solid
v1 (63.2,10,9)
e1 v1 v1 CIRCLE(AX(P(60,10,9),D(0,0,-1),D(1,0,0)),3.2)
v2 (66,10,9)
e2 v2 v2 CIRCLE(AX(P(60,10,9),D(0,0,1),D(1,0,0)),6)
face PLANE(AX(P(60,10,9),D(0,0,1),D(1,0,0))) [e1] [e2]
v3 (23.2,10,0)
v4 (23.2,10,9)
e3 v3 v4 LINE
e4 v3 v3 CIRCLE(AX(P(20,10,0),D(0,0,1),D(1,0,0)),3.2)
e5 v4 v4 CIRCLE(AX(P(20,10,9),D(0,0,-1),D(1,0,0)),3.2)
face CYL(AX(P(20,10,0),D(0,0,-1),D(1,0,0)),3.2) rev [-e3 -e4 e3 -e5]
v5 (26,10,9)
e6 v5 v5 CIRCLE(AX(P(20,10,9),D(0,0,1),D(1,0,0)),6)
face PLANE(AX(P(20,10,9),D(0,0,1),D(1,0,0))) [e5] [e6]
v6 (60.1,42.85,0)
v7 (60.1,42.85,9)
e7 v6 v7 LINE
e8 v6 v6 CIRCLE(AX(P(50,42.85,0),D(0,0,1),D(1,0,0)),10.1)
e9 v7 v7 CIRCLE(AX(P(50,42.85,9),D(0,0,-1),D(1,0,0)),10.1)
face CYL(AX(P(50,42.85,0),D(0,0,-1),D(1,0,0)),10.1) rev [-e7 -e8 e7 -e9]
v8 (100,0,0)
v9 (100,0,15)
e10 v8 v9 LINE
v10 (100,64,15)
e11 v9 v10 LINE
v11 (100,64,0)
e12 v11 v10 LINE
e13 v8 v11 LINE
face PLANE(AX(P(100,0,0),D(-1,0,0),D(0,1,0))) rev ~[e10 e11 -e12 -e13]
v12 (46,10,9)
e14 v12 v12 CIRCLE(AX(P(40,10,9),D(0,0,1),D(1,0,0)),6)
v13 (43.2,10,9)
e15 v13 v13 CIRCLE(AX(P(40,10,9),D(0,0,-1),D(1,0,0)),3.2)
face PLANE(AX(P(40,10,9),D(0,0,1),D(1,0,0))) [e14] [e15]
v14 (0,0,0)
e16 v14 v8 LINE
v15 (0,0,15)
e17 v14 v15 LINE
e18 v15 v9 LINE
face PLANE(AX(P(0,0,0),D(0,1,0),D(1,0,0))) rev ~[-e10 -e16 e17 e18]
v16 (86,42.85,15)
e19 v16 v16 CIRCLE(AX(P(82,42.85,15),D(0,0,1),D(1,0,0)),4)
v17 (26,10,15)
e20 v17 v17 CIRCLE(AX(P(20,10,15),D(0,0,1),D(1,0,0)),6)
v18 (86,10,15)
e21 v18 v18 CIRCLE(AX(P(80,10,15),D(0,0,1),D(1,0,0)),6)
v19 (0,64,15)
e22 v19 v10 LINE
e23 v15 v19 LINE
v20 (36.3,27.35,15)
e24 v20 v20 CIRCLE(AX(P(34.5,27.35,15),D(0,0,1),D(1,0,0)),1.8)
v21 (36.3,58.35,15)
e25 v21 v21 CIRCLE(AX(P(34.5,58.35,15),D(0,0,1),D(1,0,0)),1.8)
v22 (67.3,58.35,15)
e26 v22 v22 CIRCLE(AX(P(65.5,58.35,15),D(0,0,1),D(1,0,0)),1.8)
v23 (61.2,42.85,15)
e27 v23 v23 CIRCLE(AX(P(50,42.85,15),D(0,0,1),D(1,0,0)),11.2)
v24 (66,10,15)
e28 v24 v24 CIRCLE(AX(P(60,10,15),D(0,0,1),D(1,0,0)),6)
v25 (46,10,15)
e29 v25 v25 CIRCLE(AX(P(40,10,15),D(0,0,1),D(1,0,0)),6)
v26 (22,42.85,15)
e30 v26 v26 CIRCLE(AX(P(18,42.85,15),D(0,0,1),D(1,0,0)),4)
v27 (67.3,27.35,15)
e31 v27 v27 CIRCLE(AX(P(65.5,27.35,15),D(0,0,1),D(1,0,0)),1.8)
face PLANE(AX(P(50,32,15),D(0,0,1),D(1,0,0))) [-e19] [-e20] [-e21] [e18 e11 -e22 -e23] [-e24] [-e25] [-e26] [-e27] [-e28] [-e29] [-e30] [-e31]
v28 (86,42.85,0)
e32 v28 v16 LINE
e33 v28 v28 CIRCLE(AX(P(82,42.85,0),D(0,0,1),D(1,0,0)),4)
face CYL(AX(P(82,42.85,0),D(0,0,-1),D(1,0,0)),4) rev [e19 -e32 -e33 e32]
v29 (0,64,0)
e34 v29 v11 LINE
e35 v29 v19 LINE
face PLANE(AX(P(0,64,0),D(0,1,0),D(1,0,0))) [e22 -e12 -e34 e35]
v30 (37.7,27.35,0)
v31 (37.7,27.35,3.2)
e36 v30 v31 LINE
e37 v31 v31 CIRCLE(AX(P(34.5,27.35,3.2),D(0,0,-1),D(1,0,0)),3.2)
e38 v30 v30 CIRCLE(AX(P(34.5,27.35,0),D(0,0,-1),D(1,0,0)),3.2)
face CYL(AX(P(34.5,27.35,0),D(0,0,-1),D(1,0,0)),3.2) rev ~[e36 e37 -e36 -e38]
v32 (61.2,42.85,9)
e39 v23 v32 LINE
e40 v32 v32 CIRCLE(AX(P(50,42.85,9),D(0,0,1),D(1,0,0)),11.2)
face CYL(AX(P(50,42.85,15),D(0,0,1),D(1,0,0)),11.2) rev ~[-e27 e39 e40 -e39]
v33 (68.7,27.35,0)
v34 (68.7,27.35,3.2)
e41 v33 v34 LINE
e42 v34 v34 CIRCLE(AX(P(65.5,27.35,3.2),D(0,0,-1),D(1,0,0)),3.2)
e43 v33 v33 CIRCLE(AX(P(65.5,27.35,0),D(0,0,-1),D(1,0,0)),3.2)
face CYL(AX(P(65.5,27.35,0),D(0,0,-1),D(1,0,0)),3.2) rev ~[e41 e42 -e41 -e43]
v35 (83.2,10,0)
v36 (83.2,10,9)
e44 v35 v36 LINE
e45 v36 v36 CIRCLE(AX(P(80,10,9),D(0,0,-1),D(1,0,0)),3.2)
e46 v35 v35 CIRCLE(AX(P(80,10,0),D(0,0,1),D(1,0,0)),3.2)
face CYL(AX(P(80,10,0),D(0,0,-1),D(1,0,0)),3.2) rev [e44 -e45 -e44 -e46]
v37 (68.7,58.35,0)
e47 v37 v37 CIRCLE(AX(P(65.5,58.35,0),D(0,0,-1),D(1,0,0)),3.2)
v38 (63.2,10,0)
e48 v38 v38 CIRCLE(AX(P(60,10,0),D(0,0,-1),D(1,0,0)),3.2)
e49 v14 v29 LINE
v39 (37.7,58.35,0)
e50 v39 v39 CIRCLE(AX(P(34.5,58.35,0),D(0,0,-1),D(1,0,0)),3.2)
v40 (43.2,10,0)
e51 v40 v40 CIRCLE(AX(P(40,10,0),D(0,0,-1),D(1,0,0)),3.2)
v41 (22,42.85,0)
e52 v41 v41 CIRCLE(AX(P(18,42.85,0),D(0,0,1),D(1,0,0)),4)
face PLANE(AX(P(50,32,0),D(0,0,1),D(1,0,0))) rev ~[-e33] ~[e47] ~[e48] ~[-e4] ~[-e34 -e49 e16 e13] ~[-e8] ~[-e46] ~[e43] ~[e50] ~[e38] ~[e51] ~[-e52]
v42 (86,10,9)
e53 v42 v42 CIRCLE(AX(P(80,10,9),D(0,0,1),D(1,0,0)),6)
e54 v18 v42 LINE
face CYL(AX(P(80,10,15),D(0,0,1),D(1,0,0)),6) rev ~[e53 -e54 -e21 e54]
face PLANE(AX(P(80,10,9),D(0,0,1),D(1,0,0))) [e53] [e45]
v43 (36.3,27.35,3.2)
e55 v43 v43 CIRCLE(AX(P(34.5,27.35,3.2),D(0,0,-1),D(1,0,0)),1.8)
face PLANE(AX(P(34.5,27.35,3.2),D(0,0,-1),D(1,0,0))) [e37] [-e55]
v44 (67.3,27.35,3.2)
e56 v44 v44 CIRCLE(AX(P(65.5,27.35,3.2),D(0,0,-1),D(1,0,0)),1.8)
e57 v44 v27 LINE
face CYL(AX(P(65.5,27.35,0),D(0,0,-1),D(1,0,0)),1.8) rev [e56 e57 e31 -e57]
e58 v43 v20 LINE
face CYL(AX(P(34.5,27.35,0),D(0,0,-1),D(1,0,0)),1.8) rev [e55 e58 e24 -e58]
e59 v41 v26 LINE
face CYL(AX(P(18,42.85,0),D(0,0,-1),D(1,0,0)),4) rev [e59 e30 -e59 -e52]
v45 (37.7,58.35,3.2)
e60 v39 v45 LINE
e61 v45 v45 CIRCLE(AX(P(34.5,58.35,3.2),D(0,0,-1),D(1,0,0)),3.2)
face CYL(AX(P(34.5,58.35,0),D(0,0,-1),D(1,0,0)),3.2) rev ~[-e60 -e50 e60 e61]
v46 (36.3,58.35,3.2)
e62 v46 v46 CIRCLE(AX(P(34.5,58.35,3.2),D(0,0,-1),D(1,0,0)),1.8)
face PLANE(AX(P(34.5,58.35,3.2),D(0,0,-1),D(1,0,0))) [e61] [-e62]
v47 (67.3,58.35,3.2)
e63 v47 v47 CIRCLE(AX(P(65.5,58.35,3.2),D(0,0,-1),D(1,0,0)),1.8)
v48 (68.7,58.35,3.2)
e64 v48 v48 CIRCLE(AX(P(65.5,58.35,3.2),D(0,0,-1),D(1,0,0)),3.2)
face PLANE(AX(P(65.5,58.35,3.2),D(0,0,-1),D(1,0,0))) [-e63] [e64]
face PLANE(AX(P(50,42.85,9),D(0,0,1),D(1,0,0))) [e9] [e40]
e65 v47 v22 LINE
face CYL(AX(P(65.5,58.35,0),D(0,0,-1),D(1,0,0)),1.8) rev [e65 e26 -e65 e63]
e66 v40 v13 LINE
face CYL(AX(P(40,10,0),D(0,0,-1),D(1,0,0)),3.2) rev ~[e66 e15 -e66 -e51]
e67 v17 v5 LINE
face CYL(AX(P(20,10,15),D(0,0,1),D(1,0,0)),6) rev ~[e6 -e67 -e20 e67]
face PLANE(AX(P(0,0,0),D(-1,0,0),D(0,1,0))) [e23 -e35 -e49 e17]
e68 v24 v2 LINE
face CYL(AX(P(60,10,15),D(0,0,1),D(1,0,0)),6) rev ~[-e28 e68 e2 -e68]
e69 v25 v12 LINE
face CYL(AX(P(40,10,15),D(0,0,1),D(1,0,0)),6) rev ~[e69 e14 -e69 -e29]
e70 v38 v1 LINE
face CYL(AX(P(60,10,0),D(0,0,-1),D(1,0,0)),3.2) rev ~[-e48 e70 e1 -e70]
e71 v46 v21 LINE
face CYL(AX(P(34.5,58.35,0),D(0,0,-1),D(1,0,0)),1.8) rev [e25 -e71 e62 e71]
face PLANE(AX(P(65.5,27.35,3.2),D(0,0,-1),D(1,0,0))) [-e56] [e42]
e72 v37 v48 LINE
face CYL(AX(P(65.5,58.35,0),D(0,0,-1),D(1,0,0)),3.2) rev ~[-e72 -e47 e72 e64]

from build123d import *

# Parameters (mm, degrees)
SKETCH_W        = 100
SKETCH_H        = 64
SKETCH_R        = 10.1
SKETCH_R_2      = 1.8
SKETCH_R_3      = 3.2
SKETCH_R_4      = 4
PAD_DEPTH       = 15
SKETCH001_R     = 11.2
SKETCH001_R_2   = 6
POCKET_DEPTH    = 6
SKETCH002_R     = 3.2
POCKET001_DEPTH = 3.2
SKETCH003_R     = 6
POCKET002_DEPTH = 6
SKETCH004_R     = 3.2
POCKET003_DEPTH = 15


with BuildPart() as part:
    # Sketch → Pad (new body)
    with BuildSketch(Plane.XY):
        with Locations((50, 32)):
            Rectangle(SKETCH_W, SKETCH_H)
        with Locations((50, 42.85)):
            Circle(SKETCH_R, mode=Mode.SUBTRACT)
        with Locations((65.5, 58.35)):
            Circle(SKETCH_R_2, mode=Mode.SUBTRACT)
        with Locations((65.5, 27.35)):
            Circle(SKETCH_R_2, mode=Mode.SUBTRACT)
        with Locations((34.5, 27.35)):
            Circle(SKETCH_R_2, mode=Mode.SUBTRACT)
        with Locations((34.5, 58.35)):
            Circle(SKETCH_R_2, mode=Mode.SUBTRACT)
        with Locations((20, 10)):
            Circle(SKETCH_R_3, mode=Mode.SUBTRACT)
        with Locations((80, 10)):
            Circle(SKETCH_R_3, mode=Mode.SUBTRACT)
        with Locations((82, 42.85)):
            Circle(SKETCH_R_4, mode=Mode.SUBTRACT)
        with Locations((18, 42.85)):
            Circle(SKETCH_R_4, mode=Mode.SUBTRACT)
    extrude(amount=PAD_DEPTH)

    # Sketch001 (on Face15 of Pad) → Pocket (cut)
    with BuildSketch(Plane.XY.offset(15)):
        with Locations((50, 42.85)):
            Circle(SKETCH001_R)
        with Locations((20, 10)):
            Circle(SKETCH001_R_2)
        with Locations((80, 10)):
            Circle(SKETCH001_R_2)
    extrude(amount=-POCKET_DEPTH, mode=Mode.SUBTRACT)

    # Sketch002 (on Face4 of Pocket) → Pocket001 (cut)
    with BuildSketch(Plane(origin=(0, 0, 0), x_dir=(1, 0, 0), z_dir=(0, 0, -1))):
        with Locations((34.5, -27.35)):
            Circle(SKETCH002_R)
        with Locations((65.5, -27.35)):
            Circle(SKETCH002_R)
        with Locations((34.5, -58.35)):
            Circle(SKETCH002_R)
        with Locations((65.5, -58.35)):
            Circle(SKETCH002_R)
    extrude(amount=-POCKET001_DEPTH, mode=Mode.SUBTRACT)

    # Sketch003 (on Face5 of Pocket001) → Pocket002 (cut)
    with BuildSketch(Plane.XY.offset(15)):
        with Locations((40, 10)):
            Circle(SKETCH003_R)
        with Locations((60, 10)):
            Circle(SKETCH003_R)
    extrude(amount=-POCKET002_DEPTH, mode=Mode.SUBTRACT)

    # Sketch004 (on Face4 of Pocket002) → Pocket003 (cut)
    with BuildSketch(Plane(origin=(0, 0, 0), x_dir=(1, 0, 0), z_dir=(0, 0, -1))):
        with Locations((40, -10)):
            Circle(SKETCH004_R)
        with Locations((60, -10)):
            Circle(SKETCH004_R)
    extrude(amount=-POCKET003_DEPTH, mode=Mode.SUBTRACT)


solid = part.part
